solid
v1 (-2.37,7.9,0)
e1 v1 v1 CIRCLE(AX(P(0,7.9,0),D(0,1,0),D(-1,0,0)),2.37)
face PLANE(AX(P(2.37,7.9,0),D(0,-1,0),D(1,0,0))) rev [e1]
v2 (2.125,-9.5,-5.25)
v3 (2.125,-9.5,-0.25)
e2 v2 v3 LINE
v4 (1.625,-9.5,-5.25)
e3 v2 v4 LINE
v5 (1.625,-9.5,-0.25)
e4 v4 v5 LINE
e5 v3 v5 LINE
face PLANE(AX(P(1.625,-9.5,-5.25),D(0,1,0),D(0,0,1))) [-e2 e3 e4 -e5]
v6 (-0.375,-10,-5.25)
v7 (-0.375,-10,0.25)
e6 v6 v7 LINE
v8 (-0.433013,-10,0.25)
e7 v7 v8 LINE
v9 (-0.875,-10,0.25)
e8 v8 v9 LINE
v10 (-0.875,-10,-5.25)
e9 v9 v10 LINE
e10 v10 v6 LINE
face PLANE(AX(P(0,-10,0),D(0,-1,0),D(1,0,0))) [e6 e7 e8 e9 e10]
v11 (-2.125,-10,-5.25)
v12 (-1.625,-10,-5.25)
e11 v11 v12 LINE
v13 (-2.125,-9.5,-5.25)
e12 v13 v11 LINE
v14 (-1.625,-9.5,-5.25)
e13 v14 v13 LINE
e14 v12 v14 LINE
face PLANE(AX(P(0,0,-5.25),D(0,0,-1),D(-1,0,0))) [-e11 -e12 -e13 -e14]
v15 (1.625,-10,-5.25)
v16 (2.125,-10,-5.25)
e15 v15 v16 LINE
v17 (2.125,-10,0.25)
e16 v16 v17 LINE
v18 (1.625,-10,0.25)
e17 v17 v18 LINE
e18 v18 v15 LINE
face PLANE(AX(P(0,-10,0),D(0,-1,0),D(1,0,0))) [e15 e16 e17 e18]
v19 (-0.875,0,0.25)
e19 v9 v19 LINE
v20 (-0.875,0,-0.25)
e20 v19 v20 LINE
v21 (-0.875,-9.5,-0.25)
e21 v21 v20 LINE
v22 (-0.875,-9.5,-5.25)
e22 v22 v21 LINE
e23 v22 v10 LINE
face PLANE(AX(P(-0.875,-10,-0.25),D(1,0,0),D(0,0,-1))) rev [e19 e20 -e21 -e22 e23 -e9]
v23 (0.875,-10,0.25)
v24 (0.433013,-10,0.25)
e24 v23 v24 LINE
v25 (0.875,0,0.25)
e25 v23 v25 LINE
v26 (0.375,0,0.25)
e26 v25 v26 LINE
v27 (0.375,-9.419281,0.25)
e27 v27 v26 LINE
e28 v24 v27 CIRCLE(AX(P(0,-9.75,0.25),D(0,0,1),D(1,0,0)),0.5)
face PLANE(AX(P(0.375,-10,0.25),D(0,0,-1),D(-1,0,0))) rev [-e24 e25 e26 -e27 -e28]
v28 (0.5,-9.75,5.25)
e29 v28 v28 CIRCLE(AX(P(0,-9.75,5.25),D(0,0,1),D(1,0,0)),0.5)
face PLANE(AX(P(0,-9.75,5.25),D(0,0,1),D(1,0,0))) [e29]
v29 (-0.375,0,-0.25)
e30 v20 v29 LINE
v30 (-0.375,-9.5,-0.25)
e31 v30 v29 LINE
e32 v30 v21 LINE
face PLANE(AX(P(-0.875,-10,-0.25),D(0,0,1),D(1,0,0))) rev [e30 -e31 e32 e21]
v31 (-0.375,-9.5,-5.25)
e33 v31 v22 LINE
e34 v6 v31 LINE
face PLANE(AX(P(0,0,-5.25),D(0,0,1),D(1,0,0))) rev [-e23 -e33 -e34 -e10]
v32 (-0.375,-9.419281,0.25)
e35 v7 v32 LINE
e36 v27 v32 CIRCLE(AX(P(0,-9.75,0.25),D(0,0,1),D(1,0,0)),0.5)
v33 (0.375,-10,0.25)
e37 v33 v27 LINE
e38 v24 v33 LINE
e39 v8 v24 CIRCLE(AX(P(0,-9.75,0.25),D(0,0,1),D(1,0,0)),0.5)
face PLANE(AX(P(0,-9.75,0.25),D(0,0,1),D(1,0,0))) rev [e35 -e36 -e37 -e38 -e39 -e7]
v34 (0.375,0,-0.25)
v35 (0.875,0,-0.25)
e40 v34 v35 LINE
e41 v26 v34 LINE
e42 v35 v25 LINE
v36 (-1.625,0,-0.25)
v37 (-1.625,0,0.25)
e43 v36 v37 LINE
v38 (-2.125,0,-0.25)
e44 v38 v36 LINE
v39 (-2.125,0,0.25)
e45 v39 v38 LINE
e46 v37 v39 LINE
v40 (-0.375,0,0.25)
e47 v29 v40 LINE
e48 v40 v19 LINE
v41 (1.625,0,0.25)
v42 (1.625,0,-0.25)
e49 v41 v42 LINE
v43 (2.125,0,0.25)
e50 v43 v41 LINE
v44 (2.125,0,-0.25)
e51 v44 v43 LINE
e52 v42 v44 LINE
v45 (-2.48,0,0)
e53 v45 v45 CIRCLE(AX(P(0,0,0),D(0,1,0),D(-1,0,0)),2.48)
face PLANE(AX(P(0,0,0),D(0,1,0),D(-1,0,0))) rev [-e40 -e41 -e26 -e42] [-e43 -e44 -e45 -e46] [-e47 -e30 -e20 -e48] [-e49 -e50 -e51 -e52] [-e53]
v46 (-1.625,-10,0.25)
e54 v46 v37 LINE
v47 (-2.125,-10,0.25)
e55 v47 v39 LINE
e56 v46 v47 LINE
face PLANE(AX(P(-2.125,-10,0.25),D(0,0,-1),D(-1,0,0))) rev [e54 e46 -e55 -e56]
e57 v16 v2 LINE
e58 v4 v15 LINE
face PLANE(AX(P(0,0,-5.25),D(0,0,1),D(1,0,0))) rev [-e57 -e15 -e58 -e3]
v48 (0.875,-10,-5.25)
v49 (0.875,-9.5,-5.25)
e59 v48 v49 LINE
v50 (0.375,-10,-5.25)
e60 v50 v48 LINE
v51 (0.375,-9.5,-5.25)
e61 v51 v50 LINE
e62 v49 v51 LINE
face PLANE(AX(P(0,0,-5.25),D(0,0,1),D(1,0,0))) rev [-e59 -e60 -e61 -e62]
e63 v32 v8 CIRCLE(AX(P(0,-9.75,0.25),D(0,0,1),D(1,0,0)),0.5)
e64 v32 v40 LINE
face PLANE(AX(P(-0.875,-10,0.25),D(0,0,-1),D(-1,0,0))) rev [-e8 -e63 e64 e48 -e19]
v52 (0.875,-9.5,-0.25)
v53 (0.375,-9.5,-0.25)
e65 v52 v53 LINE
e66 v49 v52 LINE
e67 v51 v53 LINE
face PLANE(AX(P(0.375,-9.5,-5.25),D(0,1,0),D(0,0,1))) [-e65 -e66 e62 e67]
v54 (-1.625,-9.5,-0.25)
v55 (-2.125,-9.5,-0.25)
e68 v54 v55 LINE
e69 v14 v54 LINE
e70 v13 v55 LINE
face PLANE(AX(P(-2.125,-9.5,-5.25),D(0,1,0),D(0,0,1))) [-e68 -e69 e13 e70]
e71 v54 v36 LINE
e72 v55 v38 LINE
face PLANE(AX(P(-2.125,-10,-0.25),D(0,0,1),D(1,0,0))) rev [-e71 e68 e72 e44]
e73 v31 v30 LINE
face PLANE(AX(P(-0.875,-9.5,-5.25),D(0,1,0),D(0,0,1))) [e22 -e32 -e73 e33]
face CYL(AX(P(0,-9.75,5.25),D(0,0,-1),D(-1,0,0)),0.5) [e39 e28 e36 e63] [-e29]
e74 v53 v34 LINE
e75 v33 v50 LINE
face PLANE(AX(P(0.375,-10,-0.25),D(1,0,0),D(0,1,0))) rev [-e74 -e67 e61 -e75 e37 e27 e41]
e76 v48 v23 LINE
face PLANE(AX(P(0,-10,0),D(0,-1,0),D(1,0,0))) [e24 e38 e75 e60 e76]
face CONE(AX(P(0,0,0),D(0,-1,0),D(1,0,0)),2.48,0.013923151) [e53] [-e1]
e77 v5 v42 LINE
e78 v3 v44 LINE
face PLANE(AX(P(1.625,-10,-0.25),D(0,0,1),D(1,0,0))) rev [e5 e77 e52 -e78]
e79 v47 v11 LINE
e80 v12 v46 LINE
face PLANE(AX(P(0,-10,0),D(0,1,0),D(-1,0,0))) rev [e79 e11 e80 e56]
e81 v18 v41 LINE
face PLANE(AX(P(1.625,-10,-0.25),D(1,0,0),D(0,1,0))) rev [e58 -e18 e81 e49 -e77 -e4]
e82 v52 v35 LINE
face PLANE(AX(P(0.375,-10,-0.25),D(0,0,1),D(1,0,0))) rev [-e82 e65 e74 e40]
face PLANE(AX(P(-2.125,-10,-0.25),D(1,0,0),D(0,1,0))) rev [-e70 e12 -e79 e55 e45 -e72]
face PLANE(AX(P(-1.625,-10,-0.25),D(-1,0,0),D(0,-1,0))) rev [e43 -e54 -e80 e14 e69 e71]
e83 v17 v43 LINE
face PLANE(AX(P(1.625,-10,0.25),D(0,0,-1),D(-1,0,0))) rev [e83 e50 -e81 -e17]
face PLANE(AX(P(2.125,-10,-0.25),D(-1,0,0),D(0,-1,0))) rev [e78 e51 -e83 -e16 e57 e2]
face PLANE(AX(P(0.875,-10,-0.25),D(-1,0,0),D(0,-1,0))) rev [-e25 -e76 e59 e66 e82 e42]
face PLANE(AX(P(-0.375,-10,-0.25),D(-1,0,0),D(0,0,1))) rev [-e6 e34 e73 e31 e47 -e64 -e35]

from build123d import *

# Parameters (mm, degrees)
SKETCH3_W           = 0.5
SKETCH3_H           = 0.5
BOSS_EXTRUDE1_DEPTH = 10
SKETCH4_W           = 0.5
SKETCH4_H           = 0.5
BOSS_EXTRUDE2_DEPTH = 5
SKETCH5_R           = 0.5
BOSS_EXTRUDE3_DEPTH = 5


with BuildPart() as part:
    # Sketch2 → Revolve1 (revolve)
    with BuildSketch(Plane.XY, mode=Mode.PRIVATE) as revolve1_sk:
        Polygon((0, 0), (2.48, 0), (2.37, 7.9), (0, 7.9), align=None)
    revolve(revolve1_sk.sketch.rotate(Axis((0, 7.9, 0), (0, -1, 0)), 180), axis=Axis((0, 7.9, 0), (0, -1, 0)))

    # Sketch3 → Boss-Extrude1 (add)
    with BuildSketch(Plane.XZ):
        with Locations((-0.625, 0)):
            Rectangle(SKETCH3_W, SKETCH3_H)
        with Locations((-1.875, 0)):
            Rectangle(SKETCH3_W, SKETCH3_H)
        with Locations((0.625, 0)):
            Rectangle(SKETCH3_W, SKETCH3_H)
        with Locations((1.875, 0)):
            Rectangle(SKETCH3_W, SKETCH3_H)
    extrude(amount=BOSS_EXTRUDE1_DEPTH)

    # Sketch4 → Boss-Extrude2 (add)
    with BuildSketch(Plane.XY.offset(-0.25)):
        with Locations((-1.875, -9.75)):
            Rectangle(SKETCH4_W, SKETCH4_H)
        with Locations((-0.625, -9.75)):
            Rectangle(SKETCH4_W, SKETCH4_H)
        with Locations((0.625, -9.75)):
            Rectangle(SKETCH4_W, SKETCH4_H)
        with Locations((1.875, -9.75)):
            Rectangle(SKETCH4_W, SKETCH4_H)
    extrude(amount=-BOSS_EXTRUDE2_DEPTH)

    # Sketch5 → Boss-Extrude3 (add)
    with BuildSketch(Plane.XY.offset(0.25)):
        with Locations(Location((0, -9.75, 0), (0, 0, 210))):
            Circle(SKETCH5_R)
    extrude(amount=BOSS_EXTRUDE3_DEPTH)


solid = part.part
